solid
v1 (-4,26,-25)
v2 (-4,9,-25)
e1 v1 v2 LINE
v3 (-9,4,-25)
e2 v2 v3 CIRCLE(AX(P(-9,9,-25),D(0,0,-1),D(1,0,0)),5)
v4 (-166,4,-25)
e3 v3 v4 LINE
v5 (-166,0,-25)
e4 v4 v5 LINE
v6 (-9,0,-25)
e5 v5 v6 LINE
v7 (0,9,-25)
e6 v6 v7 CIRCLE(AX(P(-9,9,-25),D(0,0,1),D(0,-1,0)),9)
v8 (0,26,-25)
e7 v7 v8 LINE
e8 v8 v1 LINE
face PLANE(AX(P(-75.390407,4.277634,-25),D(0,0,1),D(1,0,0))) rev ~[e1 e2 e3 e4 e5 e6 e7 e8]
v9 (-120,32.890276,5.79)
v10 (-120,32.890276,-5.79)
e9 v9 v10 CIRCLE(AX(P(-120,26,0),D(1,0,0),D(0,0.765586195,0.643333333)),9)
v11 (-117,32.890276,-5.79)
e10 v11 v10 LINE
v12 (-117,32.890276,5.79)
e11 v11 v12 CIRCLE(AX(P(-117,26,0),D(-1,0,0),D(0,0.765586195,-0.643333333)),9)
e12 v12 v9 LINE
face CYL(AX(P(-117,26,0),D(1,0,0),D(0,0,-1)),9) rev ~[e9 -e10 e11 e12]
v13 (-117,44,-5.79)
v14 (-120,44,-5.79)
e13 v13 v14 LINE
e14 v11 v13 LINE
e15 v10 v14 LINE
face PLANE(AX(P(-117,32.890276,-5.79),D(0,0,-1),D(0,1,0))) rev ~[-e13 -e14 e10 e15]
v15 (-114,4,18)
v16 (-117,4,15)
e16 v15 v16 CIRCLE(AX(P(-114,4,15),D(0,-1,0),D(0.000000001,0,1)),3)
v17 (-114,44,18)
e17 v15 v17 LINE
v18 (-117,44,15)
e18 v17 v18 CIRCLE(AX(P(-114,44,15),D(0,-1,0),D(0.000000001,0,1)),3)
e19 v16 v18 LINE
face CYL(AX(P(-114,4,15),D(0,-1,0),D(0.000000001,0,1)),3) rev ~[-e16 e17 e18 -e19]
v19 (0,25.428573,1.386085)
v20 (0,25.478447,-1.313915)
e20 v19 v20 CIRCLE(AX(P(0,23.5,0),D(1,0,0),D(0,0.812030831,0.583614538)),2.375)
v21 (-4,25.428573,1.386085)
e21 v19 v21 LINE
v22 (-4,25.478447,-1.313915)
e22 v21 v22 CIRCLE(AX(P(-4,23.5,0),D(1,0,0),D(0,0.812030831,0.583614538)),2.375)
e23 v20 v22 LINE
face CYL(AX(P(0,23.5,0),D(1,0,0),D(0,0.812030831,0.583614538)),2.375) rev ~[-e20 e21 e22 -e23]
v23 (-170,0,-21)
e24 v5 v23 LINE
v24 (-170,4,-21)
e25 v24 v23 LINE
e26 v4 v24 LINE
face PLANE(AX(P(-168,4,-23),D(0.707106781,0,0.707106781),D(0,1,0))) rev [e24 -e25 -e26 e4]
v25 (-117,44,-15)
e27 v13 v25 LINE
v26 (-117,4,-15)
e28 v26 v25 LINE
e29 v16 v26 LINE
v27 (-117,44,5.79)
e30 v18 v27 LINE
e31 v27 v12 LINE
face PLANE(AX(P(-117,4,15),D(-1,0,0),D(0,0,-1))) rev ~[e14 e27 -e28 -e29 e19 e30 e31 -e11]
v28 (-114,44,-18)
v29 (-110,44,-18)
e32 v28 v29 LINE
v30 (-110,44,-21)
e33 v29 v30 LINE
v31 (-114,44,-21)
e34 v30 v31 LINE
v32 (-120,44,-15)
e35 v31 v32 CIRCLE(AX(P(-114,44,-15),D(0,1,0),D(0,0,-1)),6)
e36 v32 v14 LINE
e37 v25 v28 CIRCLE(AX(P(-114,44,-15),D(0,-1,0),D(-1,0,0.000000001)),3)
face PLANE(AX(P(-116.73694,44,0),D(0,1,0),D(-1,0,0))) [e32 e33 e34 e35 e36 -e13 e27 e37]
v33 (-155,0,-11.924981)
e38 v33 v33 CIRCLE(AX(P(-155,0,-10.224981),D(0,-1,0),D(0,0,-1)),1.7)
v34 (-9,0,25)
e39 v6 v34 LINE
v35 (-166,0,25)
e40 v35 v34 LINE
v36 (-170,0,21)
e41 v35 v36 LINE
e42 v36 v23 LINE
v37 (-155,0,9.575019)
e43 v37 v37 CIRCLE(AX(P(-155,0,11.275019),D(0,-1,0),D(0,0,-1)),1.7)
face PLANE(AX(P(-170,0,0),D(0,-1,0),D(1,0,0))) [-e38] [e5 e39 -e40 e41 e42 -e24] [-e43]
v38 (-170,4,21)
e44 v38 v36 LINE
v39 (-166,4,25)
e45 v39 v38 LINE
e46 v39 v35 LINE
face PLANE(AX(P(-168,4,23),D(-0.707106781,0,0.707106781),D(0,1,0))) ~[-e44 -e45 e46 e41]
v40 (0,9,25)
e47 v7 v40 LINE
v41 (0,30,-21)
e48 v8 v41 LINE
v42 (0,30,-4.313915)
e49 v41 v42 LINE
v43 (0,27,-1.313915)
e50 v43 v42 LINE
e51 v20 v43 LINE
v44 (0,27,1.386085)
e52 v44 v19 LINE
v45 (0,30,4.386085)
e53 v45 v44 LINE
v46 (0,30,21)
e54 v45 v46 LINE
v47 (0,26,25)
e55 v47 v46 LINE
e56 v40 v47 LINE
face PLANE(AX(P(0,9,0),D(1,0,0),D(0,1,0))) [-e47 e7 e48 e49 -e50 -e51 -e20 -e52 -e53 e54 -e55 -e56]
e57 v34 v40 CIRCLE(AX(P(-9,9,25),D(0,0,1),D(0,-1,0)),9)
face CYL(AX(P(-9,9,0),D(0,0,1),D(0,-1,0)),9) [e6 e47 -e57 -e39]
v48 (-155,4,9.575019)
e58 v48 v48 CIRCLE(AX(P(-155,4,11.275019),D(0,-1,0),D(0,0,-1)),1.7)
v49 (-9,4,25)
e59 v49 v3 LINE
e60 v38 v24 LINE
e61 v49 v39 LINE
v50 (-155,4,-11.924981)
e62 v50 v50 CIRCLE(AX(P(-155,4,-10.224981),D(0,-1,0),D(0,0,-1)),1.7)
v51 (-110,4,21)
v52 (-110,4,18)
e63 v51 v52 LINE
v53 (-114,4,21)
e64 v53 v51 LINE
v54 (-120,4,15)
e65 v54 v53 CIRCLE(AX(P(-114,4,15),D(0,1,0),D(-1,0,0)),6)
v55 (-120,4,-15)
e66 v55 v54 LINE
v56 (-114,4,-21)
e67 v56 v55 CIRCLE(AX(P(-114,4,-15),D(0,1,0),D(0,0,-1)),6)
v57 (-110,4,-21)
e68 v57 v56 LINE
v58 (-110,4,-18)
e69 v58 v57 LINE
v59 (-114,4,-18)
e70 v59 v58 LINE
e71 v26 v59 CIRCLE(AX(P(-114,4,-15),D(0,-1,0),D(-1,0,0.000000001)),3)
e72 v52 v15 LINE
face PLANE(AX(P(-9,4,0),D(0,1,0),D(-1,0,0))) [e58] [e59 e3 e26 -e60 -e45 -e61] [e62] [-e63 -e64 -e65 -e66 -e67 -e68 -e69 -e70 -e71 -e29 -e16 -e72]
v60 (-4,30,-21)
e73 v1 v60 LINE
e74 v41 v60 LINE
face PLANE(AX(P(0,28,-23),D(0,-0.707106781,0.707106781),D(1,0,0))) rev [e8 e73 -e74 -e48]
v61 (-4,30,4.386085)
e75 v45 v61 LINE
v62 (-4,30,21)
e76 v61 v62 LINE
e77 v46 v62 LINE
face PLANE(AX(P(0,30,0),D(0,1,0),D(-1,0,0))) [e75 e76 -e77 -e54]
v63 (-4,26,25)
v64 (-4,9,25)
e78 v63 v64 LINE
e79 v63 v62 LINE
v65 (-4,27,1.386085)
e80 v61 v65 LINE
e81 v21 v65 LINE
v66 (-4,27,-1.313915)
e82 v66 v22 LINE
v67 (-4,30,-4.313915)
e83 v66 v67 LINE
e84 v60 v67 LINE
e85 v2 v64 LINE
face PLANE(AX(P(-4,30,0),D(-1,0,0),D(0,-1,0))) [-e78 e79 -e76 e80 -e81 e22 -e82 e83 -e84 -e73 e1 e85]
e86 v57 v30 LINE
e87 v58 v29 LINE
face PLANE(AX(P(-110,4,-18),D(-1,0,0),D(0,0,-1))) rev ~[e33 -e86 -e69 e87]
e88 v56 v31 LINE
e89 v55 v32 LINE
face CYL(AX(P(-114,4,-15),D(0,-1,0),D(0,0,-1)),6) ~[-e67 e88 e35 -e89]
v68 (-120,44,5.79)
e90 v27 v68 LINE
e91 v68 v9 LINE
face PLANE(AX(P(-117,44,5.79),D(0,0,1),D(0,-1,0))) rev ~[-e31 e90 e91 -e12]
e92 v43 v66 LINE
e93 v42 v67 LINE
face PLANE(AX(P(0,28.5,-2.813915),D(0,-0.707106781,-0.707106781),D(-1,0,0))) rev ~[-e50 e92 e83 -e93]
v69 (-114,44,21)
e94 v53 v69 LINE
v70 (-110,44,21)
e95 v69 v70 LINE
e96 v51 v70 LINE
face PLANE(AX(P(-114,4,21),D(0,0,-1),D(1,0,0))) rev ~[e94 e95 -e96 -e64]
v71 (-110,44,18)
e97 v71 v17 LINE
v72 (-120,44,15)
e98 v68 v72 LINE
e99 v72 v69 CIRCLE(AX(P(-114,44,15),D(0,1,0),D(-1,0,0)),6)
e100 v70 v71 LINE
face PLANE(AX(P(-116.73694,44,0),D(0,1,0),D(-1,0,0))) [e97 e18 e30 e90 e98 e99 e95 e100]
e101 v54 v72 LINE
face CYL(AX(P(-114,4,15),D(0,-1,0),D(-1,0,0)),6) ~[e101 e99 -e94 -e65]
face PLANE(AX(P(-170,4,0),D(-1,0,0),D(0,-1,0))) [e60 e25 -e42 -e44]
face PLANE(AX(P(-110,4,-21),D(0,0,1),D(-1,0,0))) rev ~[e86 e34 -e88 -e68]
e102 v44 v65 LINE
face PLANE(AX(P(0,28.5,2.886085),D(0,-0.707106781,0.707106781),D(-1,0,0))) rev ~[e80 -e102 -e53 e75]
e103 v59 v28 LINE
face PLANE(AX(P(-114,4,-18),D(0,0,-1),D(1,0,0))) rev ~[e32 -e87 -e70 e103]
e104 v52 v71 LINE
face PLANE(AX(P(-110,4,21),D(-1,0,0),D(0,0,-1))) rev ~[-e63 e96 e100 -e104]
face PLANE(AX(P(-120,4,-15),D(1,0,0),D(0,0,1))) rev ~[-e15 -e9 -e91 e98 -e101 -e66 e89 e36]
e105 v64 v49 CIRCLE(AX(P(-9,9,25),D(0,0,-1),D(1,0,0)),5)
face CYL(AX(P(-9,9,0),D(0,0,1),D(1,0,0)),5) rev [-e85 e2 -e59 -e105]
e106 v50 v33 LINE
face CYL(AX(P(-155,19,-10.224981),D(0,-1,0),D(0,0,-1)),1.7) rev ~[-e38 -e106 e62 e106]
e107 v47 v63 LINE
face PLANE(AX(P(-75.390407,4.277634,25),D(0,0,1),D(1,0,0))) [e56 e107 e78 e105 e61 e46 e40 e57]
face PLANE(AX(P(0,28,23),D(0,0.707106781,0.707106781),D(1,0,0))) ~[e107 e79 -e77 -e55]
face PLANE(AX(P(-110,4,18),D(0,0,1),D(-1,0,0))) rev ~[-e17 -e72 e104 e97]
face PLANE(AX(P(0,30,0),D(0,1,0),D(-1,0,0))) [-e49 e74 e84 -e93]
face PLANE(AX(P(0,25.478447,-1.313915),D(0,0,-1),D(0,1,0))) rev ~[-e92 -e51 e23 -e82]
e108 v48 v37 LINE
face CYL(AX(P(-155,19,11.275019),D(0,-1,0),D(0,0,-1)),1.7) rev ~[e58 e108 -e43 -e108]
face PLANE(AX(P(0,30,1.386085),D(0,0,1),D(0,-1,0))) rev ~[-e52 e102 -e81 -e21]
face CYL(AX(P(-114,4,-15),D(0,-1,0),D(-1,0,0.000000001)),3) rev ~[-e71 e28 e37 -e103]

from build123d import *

# Parameters (mm, degrees)
EXTRU_MINCE1_DEPTH      = 25
EXTRU_MINCE2_DEPTH      = 40
ENL_V_MAT_EXTRU_1_REACH = 129.475
ESQUISSE3_R             = 9
CHANFREIN1_SIZE         = 4
ESQUISSE4_R             = 2.375
EXTRUSION1_DEPTH        = 10
CHANFREIN2_SIZE         = 3
EXTRUSION2_DEPTH        = 3
D_GAGEMENT_M31_D        = 3.4
D_GAGEMENT_M31_DEPTH    = 15
D_GAGEMENT_M31_TIP      = 1.021463052


with BuildPart() as part:
    # Esquisse1 → Extru.-Mince1 (new, symmetric)
    with BuildSketch(Plane.XY):
        with BuildLine():
            Line((-170, 0), (-9, 0))
            ThreePointArc((-9, 0), (-2.636038969, 2.636038969), (0, 9))
            Line((0, 9), (0, 30))
            Line((0, 30), (-4, 30))
            Line((-4, 30), (-4, 9))
            ThreePointArc((-4, 9), (-5.464466094, 5.464466094), (-9, 4))
            Line((-9, 4), (-170, 4))
            Line((-170, 4), (-170, 0))
        make_face()
    extrude(amount=EXTRU_MINCE1_DEPTH, both=True)

    # Esquisse2 → Extru.-Mince2 (add)
    with BuildSketch(Plane(origin=(0, 4, 0), x_dir=(-1, 0, 0), z_dir=(0, 1, 0))):
        with BuildLine():
            Line((110, -21), (114, -21))
            ThreePointArc((114, -21), (118.242640687, -19.242640687), (120, -15))
            Line((120, -15), (120, 15))
            ThreePointArc((120, 15), (118.242640687, 19.242640687), (114, 21))
            Line((114, 21), (110, 21))
            Line((110, 21), (110, 18))
            Line((110, 18), (114, 18))
            ThreePointArc((114, 18), (116.121320344, 17.121320344), (117, 15))
            Line((117, 15), (117, -15))
            ThreePointArc((117, -15), (116.121320344, -17.121320344), (114, -18))
            Line((114, -18), (110, -18))
            Line((110, -18), (110, -21))
        make_face()
    extrude(amount=EXTRU_MINCE2_DEPTH)

    # Esquisse3 → Enlèv. mat.-Extru.1 (cut, up to next)
    with BuildSketch(Plane(origin=(-117, 0, 0), x_dir=(0, 0, -1), z_dir=(1, 0, 0)), mode=Mode.PRIVATE) as enl_v_mat_extru_1_sk1:
        with Locations((0, 26)):
            Circle(ESQUISSE3_R)
    enl_v_mat_extru_1_tool1 = extrude(enl_v_mat_extru_1_sk1.sketch, amount=-ENL_V_MAT_EXTRU_1_REACH, mode=Mode.PRIVATE) & part.part
    add(enl_v_mat_extru_1_tool1.solids().sort_by_distance((-117, 26, 0))[0], mode=Mode.SUBTRACT)

    # Chanfrein1
    chanfrein1_edges = [part.edges().sort_by_distance(p)[0] for p in [
        (-170, 2, 25),
        (-170, 2, -25),
        (-2, 30, 25),
        (-2, 30, -25),
    ]]
    chamfer(chanfrein1_edges, length=CHANFREIN1_SIZE)

    # Esquisse4 → Extrusion1 (cut)
    with BuildSketch(Plane(origin=(0, 0, 0), x_dir=(0, 0, -1), z_dir=(1, 0, 0))):
        with Locations((0, 23.5)):
            Circle(ESQUISSE4_R)
        with BuildLine():
            Line((1.313915472, 30), (-1.386084528, 30))
            Line((-1.386084528, 30), (-1.386084528, 25.428573224))
            ThreePointArc((-1.386084528, 25.428573224), (-0.043862657, 25.874594927), (1.313915472, 25.478446646))
            Line((1.313915472, 25.478446646), (1.313915472, 30))
        make_face()
    extrude(amount=-EXTRUSION1_DEPTH, mode=Mode.SUBTRACT)

    # Chanfrein2
    chanfrein2_edges = [part.edges().sort_by_distance(p)[0] for p in [
        (-2, 30, 1.386084528),
        (-2, 30, -1.313915472),
    ]]
    chamfer(chanfrein2_edges, length=CHANFREIN2_SIZE)

    # Esquisse5 → Extrusion2 (cut)
    with BuildSketch(Plane(origin=(-117, 0, 0), x_dir=(0, 0, -1), z_dir=(1, 0, 0))):
        with BuildLine():
            Line((5.79, 44), (-5.79, 44))
            Line((-5.79, 44), (-5.79, 32.890275756))
            ThreePointArc((-5.79, 32.890275756), (0, 35), (5.79, 32.890275756))
            Line((5.79, 32.890275756), (5.79, 44))
        make_face()
    extrude(amount=-EXTRUSION2_DEPTH, mode=Mode.SUBTRACT)

    # Dégagement M31
    with Locations(Plane(origin=(-155, 4, -10.224980601), x_dir=(0, 0, 1), z_dir=(0, 1, 0))):
        with Locations((0, 0), (21.5, 0)):
            Hole(D_GAGEMENT_M31_D / 2, depth=D_GAGEMENT_M31_DEPTH)
            with Locations((0, 0, -(D_GAGEMENT_M31_DEPTH + D_GAGEMENT_M31_TIP / 2))):  # 118° drill point
                Cone(0, D_GAGEMENT_M31_D / 2, D_GAGEMENT_M31_TIP, mode=Mode.SUBTRACT)


solid = part.part
